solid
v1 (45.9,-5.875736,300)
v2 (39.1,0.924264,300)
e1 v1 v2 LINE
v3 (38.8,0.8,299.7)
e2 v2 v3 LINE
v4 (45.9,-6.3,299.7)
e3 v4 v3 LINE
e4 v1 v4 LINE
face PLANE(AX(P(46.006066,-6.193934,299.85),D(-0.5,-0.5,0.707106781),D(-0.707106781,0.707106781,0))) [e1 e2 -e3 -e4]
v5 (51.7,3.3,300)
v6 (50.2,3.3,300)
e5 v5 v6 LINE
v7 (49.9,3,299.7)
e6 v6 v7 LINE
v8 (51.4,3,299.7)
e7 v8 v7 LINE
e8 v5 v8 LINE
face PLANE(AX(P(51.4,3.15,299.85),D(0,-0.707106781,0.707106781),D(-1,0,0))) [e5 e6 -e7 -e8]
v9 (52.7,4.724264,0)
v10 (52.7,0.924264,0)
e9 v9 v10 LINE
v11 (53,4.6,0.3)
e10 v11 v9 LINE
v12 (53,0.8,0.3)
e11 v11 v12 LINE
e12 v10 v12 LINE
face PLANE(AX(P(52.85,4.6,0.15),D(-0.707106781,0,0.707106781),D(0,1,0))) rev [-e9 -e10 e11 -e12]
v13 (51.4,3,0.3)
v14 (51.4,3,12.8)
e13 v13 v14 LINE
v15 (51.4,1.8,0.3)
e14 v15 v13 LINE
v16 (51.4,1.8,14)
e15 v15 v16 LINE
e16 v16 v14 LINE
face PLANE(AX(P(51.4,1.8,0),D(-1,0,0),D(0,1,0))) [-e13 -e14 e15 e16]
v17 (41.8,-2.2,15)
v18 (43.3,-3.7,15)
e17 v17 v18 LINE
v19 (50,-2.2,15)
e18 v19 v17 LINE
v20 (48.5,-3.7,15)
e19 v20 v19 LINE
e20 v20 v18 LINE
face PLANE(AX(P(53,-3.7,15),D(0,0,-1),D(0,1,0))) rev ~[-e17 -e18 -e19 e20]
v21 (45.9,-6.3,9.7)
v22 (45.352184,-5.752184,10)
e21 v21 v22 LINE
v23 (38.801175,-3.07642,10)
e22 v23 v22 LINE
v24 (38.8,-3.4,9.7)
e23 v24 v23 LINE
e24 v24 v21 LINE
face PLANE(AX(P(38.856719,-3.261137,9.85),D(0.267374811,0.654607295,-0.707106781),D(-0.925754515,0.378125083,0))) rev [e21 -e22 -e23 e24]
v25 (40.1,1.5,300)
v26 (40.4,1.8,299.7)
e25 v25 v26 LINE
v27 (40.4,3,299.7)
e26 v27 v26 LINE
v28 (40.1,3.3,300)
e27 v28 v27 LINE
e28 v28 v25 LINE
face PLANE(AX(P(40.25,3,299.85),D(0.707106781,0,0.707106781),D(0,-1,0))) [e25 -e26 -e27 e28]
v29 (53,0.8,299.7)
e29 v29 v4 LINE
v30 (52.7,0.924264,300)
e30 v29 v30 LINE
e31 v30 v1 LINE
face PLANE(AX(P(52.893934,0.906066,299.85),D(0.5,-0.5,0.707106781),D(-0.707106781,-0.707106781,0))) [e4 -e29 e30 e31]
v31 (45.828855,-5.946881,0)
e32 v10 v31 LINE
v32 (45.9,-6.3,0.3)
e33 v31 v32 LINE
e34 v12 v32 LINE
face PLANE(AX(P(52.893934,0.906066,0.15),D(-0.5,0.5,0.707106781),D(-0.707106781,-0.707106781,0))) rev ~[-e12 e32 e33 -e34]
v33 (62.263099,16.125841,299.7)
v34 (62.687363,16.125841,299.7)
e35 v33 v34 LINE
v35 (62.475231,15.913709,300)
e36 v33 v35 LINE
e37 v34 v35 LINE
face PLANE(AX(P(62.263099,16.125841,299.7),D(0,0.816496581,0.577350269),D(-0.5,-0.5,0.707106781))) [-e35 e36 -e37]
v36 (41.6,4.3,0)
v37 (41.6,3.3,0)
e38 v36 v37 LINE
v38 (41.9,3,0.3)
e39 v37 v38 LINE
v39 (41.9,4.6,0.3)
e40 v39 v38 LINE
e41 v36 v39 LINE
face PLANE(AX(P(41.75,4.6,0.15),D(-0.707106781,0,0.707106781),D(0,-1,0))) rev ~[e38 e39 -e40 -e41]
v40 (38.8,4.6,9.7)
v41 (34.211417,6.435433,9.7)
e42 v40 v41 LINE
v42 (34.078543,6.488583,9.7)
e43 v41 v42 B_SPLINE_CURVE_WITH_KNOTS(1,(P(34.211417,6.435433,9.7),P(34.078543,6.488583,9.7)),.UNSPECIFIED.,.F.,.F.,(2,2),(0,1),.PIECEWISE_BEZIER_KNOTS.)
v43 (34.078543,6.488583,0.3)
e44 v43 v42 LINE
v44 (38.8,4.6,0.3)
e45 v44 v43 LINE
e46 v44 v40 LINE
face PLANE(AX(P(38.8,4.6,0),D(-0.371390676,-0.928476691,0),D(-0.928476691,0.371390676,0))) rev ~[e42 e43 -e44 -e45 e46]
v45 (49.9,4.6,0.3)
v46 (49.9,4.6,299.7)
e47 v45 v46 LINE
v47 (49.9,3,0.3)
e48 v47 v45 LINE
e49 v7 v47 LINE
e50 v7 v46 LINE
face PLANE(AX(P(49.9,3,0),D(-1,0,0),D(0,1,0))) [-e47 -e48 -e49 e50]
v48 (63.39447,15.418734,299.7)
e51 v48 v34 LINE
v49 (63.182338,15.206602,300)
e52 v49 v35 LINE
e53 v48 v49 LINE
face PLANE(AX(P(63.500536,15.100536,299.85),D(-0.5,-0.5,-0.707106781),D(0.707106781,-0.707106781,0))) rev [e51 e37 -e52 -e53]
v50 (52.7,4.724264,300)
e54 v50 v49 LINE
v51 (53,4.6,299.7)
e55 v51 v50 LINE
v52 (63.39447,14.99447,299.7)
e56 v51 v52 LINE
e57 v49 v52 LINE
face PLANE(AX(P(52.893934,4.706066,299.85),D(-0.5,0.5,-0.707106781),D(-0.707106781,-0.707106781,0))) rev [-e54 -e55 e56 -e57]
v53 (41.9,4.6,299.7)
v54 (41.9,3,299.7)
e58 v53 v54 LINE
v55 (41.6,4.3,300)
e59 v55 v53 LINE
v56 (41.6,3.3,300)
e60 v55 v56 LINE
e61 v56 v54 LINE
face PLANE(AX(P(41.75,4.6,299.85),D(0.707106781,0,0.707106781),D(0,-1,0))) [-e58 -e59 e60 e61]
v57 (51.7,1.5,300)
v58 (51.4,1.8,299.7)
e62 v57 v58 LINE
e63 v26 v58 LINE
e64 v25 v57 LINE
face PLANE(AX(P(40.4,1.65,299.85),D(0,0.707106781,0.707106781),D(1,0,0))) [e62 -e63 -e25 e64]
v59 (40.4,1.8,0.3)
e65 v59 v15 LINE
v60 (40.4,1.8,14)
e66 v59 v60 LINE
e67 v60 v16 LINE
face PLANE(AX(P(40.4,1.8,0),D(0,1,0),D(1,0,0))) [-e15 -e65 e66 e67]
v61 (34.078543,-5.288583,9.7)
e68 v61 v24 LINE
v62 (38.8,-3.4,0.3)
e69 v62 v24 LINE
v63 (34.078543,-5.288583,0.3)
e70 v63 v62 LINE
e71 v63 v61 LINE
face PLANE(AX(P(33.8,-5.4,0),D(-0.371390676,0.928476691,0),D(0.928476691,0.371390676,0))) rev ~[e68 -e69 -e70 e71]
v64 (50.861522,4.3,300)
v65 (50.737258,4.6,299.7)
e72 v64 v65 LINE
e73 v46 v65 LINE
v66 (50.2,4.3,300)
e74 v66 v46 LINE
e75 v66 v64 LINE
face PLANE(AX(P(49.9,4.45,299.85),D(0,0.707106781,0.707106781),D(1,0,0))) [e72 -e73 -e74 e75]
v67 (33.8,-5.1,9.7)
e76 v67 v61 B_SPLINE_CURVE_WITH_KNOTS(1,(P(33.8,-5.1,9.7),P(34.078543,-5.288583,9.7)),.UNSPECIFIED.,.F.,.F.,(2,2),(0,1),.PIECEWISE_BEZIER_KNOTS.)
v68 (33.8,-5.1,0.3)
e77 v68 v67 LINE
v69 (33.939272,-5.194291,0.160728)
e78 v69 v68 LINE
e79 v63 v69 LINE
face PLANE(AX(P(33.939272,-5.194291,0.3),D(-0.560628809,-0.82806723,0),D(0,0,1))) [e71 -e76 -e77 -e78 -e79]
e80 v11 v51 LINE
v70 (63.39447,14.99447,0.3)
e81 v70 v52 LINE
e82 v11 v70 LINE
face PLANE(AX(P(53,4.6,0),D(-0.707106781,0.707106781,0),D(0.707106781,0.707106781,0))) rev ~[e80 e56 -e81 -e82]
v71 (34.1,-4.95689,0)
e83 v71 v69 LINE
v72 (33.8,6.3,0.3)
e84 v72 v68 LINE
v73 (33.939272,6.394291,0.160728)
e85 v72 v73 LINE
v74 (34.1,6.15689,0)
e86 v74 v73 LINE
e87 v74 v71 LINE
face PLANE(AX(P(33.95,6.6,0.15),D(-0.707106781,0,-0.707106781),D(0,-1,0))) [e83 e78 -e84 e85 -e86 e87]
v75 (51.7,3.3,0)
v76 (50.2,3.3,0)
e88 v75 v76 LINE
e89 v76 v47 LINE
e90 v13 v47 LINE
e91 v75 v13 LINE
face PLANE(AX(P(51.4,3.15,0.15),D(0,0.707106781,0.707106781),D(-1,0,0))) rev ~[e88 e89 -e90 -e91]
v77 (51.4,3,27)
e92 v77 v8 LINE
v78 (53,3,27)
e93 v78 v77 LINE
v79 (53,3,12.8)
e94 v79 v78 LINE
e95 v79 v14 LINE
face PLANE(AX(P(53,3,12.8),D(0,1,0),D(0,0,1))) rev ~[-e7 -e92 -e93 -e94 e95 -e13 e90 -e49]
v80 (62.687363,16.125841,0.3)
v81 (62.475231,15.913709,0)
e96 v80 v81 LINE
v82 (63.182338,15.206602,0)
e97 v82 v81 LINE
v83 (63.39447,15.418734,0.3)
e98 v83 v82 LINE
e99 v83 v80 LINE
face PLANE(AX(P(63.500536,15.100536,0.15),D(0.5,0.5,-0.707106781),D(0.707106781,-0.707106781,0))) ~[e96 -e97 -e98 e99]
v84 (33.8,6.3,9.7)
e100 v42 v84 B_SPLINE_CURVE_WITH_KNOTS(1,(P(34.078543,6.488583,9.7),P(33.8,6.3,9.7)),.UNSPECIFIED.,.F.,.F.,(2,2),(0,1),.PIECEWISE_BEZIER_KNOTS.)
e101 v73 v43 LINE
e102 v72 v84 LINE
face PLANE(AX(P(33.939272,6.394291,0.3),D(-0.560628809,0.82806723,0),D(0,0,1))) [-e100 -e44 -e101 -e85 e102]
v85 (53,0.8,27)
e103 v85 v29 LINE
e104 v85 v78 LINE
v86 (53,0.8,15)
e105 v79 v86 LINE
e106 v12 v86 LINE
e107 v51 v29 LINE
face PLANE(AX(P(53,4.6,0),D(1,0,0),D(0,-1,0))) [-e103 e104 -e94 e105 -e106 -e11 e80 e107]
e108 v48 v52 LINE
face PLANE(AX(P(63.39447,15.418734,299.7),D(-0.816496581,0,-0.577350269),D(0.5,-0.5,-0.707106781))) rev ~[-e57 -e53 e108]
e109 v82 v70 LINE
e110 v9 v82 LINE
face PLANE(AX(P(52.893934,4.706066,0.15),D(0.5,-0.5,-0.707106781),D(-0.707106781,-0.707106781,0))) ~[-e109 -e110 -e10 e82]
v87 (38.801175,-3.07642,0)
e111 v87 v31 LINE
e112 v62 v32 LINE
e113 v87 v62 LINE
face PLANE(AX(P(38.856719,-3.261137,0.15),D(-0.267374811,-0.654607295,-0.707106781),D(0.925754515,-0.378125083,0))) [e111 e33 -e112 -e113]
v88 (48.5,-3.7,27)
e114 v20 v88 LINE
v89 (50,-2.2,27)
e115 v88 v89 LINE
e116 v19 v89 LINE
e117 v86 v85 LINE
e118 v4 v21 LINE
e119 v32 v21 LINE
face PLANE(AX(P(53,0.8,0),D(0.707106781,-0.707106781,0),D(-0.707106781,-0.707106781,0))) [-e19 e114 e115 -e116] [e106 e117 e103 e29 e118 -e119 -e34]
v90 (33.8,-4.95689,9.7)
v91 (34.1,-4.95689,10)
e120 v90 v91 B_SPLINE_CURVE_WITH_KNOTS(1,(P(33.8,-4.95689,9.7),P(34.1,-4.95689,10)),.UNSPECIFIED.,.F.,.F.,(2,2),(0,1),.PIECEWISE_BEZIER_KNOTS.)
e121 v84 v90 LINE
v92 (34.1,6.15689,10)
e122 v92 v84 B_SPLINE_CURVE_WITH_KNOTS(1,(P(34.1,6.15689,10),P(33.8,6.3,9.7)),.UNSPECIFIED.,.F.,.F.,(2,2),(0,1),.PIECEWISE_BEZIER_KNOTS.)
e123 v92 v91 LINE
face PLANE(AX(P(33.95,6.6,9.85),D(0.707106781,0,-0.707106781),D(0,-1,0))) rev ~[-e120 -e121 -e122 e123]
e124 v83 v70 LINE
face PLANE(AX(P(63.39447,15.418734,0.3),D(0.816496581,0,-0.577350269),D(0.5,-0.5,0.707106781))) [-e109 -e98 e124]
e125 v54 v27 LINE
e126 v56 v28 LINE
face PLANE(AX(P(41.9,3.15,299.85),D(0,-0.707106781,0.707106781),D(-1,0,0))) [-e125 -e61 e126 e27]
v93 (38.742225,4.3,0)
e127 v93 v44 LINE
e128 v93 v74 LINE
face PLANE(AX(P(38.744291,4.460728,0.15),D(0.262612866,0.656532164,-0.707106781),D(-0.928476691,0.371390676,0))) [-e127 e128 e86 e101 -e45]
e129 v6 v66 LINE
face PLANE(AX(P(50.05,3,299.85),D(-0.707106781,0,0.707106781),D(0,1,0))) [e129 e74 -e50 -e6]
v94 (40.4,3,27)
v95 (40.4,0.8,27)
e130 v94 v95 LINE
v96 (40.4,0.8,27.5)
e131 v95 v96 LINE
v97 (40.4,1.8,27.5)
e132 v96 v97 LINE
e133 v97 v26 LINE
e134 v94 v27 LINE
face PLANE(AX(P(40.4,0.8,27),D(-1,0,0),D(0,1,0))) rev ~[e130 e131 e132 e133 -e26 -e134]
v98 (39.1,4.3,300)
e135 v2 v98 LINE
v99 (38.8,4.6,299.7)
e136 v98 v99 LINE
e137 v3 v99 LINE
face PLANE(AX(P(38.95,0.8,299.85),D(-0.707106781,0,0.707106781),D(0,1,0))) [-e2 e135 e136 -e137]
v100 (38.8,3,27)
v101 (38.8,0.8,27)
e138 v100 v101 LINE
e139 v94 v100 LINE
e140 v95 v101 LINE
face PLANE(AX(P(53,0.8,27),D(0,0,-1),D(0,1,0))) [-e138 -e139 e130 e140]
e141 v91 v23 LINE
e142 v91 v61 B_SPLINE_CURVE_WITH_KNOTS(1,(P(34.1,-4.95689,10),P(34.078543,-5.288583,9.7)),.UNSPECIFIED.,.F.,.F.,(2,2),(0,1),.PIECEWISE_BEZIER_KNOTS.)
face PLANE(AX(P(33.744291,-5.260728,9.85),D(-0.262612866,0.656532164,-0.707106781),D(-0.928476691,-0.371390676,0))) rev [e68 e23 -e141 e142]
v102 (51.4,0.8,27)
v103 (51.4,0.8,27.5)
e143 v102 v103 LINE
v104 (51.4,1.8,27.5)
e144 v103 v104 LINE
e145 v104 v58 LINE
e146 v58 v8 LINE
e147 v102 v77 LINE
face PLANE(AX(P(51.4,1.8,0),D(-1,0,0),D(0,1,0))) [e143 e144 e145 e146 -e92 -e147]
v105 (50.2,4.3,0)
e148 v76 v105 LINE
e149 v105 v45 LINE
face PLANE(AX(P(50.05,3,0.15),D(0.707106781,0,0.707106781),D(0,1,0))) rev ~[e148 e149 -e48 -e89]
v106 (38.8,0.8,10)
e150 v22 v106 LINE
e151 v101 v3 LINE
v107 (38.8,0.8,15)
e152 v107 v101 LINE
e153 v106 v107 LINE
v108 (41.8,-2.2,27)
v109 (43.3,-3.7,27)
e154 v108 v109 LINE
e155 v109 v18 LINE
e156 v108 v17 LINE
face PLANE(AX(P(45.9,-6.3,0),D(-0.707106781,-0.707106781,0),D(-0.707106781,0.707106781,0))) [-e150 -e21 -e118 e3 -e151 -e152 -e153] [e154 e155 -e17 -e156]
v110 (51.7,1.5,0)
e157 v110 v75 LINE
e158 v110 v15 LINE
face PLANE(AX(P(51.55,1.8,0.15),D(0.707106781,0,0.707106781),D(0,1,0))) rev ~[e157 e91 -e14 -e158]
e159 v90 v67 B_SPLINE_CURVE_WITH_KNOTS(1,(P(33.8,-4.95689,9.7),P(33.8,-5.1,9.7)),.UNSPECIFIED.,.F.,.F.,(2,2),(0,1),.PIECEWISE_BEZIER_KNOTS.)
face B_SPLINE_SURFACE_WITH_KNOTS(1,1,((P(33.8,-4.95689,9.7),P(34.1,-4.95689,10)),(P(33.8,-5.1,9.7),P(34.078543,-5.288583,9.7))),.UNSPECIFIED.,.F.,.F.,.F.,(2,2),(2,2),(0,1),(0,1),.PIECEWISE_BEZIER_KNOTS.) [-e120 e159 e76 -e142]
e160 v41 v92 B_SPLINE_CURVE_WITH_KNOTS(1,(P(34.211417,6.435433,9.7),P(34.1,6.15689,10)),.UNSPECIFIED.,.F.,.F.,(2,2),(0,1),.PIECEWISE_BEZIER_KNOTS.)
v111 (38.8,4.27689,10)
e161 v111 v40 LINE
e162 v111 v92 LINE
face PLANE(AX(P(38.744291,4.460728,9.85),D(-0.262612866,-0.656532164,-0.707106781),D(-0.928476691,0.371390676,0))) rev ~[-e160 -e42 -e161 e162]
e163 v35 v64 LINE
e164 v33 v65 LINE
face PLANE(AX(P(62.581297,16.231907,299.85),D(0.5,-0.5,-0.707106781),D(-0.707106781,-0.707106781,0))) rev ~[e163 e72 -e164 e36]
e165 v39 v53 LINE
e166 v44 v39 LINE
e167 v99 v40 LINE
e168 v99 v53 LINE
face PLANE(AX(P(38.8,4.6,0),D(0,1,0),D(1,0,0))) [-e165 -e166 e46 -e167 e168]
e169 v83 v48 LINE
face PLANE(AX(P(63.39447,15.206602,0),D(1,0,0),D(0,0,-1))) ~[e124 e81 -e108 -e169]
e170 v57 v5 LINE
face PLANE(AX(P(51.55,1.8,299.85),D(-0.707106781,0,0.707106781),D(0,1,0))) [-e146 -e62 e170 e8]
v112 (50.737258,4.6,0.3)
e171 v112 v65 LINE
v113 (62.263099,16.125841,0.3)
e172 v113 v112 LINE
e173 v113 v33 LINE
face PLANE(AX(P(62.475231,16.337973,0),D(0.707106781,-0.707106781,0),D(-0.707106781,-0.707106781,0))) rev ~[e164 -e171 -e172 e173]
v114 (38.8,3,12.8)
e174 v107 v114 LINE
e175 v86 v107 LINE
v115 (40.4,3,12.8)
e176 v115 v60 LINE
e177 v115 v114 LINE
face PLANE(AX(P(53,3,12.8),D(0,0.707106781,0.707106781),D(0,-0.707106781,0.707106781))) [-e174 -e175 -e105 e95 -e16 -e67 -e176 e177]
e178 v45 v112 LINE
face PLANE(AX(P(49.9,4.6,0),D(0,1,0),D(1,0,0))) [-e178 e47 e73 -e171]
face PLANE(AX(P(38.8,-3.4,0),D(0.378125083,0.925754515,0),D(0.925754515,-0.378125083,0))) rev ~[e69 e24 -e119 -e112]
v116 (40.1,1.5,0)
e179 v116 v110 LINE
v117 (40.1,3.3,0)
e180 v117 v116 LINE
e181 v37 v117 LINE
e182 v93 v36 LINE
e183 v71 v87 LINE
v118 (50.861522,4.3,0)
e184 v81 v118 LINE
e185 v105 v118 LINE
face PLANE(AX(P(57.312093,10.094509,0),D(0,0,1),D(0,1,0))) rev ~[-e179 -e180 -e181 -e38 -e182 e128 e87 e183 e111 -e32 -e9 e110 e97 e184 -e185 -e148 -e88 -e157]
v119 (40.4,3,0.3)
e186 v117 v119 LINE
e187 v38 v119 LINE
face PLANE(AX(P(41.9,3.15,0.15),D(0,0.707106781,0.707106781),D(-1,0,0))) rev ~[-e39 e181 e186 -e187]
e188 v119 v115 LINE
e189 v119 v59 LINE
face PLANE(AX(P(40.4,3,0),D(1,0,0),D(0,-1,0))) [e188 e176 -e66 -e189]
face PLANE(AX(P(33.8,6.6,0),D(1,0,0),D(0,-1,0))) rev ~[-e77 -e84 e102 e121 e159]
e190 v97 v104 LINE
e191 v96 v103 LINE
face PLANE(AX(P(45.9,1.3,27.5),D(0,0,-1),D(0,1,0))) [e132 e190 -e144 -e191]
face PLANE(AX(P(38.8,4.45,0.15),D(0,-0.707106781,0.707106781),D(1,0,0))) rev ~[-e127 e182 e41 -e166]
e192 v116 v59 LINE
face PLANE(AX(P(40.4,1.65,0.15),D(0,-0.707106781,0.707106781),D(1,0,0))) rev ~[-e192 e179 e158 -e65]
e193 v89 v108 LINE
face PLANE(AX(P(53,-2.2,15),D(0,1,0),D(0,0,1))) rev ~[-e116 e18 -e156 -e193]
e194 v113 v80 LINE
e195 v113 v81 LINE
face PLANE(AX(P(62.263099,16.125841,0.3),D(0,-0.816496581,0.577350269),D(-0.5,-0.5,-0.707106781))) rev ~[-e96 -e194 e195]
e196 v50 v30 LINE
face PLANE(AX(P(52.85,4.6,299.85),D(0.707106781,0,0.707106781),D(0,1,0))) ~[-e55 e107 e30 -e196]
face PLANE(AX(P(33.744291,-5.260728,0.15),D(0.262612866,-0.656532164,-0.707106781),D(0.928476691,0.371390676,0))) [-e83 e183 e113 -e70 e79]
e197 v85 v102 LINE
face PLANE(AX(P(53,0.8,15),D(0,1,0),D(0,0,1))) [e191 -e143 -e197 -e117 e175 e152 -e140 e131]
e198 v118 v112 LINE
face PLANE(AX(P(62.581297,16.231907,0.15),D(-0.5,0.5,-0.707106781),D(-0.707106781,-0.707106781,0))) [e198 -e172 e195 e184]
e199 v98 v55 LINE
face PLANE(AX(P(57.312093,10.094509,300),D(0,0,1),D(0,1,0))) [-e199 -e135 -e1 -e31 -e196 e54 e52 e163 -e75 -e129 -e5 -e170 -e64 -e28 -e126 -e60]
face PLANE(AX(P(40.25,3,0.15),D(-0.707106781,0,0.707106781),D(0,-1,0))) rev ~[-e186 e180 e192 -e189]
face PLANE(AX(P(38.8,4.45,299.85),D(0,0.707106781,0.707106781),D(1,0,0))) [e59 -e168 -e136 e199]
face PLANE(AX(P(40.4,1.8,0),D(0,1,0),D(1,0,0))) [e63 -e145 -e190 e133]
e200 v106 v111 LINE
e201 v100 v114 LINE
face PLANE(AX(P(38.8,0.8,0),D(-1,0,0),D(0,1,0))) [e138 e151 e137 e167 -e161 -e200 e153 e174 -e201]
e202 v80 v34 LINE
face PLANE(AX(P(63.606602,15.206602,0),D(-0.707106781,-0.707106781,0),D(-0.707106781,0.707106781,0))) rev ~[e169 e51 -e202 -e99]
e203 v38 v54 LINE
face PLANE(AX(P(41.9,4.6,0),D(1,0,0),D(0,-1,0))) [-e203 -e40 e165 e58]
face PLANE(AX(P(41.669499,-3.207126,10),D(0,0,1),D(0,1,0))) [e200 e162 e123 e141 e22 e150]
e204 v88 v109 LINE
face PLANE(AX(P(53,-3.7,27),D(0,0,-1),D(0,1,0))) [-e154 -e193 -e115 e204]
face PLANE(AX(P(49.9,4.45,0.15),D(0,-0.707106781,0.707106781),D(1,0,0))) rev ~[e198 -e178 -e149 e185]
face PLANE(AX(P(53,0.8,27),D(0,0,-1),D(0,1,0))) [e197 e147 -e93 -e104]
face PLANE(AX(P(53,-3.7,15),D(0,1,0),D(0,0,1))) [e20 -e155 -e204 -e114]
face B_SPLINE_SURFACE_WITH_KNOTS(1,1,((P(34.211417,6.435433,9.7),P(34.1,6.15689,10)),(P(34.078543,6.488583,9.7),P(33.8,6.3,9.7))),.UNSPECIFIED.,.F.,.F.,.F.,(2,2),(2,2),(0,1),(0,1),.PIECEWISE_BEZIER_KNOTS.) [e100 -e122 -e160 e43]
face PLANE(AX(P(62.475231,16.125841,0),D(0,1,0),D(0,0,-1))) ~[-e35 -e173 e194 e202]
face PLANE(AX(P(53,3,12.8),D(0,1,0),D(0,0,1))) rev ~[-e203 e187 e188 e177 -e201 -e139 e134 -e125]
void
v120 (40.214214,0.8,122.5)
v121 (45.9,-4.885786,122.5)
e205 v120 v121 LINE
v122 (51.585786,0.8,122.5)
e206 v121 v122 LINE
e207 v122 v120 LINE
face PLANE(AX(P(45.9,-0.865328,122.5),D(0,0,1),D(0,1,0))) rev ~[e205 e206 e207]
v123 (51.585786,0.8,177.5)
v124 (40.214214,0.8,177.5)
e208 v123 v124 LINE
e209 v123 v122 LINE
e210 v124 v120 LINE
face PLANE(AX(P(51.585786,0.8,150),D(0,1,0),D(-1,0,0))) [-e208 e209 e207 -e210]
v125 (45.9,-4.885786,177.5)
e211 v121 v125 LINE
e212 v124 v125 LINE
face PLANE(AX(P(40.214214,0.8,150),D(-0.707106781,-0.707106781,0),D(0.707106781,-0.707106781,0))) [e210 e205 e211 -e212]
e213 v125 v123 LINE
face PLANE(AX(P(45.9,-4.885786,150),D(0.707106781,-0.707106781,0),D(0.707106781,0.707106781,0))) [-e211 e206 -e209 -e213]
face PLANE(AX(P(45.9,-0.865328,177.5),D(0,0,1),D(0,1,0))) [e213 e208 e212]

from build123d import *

# Parameters (mm, degrees)
PAD006_DEPTH            = 300
PAD007_DEPTH            = 10
PAD010_DEPTH            = 10
POCKET001_DEPTH         = 27.5
PAD016_DEPTH            = 300
CHAMFER007_SIZE         = 0.3
CHAMFER008_SIZE         = 0.3
SKETCH018_W             = 1.5
SKETCH018_H             = 12
POCKET002_DEPTH         = 19.201
SKETCH025_W             = 1
SKETCH025_H             = 11
POCKET005_DEPTH         = 0.5
BODY002_PLACEMENT_ANGLE = 90


with BuildPart() as part:
    # Sketch008 → Pad006 (new body)
    with BuildSketch(Plane.XY):
        Polygon((3.8, 3.1), (3.8, 0), (0, 0), (-7.1, 7.1), (0, 14.2), (3.8, 14.2), (3.8, 11.1), (2.2, 11.1), (2.2, 12.6), (1, 12.6), (1, 1.6), (2.2, 1.6), (2.2, 3.1), align=None)
    extrude(amount=PAD006_DEPTH)

    # Sketch010 → Pad007 (join)
    with BuildSketch(Plane(origin=(0, 0, 0), x_dir=(-1, 0, 0), z_dir=(0, 0, -1))):
        Polygon((-3.8, 14.2), (-5.8, 19.2), (6.2, 19.2), (4.2, 14.2), align=None)
    extrude(amount=-PAD007_DEPTH)

    # Sketch013 → Pad010 (join)
    with BuildSketch(Plane(origin=(0, 0, 0), x_dir=(-1, 0, 0), z_dir=(0, 0, -1))):
        Polygon((4.2, 14.2), (7.1, 7.1), (0, 14.2), align=None)
    extrude(amount=-PAD010_DEPTH)

    # Sketch014 (on DatumPlane) → Pocket001 (cut, symmetric)
    with BuildSketch(Plane.XY.offset(150)):
        Polygon((0, 12.785786), (-5.685786, 7.1), (0, 1.414214), align=None)
    extrude(amount=POCKET001_DEPTH, both=True, mode=Mode.SUBTRACT)

    # Sketch021 → Pad016 (join)
    with BuildSketch(Plane.XY):
        Polygon((3.8, 0), (14.406602, -10.606602), (15.537973, -9.475231), (3.8, 2.262742), align=None)
    extrude(amount=PAD016_DEPTH)

    # Chamfer007
    chamfer007_edges = [part.edges().sort_by_distance(p)[0] for p in [
        (-5.2, 16.7, 0),
        (-5.65, 10.65, 0),
        (-3.55, 3.55, 0),
        (9.103301, -5.303301, 0),
        (9.103301, -5.303301, 300),
        (2.2, 2.35, 0),
        (14.972287, -10.040916, 0),
        (14.972287, -10.040916, 300),
        (1, 7.1, 0),
        (-0.2, 19.2, 0),
        (1.9, 0, 0),
        (1.6, 1.6, 0),
        (1.6, 12.6, 0),
        (2.2, 11.85, 0),
        (1.9, 0, 300),
        (-3.55, 3.55, 300),
        (-3.55, 10.65, 300),
        (1.9, 14.2, 300),
        (2.2, 2.35, 300),
        (1.6, 1.6, 300),
        (1, 7.1, 300),
        (1.6, 12.6, 300),
        (2.2, 11.85, 300),
        (14.406602, -10.606602, 150),
        (15.537973, -9.475231, 150),
        (3, 11.1, 0),
        (3.8, 12.65, 0),
        (4.8, 16.7, 0),
        (9.668986, -3.606245, 0),
        (3.8, 2.681371, 0),
        (3, 3.1, 0),
        (9.668986, -3.606245, 300),
        (3.8, 12.65, 300),
        (3.8, 2.681371, 300),
        (3, 3.1, 300),
        (3, 11.1, 300),
    ]]
    chamfer(chamfer007_edges, length=CHAMFER007_SIZE)

    # Chamfer008
    chamfer008_edges = [part.edges().sort_by_distance(p)[0] for p in [
        (-6.2, 19.2, 5.15),
        (5.8, 19.2, 5.15),
        (-5.65, 10.65, 10),
        (-5.2, 16.7, 10),
        (-0.2, 19.2, 10),
        (4.8, 16.7, 10),
    ]]
    chamfer(chamfer008_edges, length=CHAMFER008_SIZE)

    # Sketch018 (on Face32 of Chamfer008) → Pocket002 (cut, through all)
    with BuildSketch(Plane.XZ):
        with Locations((-3.75, 21)):
            Rectangle(SKETCH018_W, SKETCH018_H)
        Polygon((0, 15), (0, 27), (2.2, 27), (2.2, 15), (2.2, 12.8), align=None)
    extrude(amount=-POCKET002_DEPTH, mode=Mode.SUBTRACT)

    # Sketch025 (on Face57 of Pocket002) → Pocket005 (cut)
    with BuildSketch(Plane(origin=(0, 0, 27), x_dir=(1, 0, 0), z_dir=(0, 0, -1))):
        with Locations((0.5, -7.1)):
            Rectangle(SKETCH025_W, SKETCH025_H)
    extrude(amount=-POCKET005_DEPTH, mode=Mode.SUBTRACT)


with BuildPart() as part_1:
    # Body002 placement: moved
    add(part.part.moved(Location((53, 0.8, 0))).rotate(Axis((53, 0.8, 0), (0, 0, 1)), BODY002_PLACEMENT_ANGLE))


solid = part_1.part
